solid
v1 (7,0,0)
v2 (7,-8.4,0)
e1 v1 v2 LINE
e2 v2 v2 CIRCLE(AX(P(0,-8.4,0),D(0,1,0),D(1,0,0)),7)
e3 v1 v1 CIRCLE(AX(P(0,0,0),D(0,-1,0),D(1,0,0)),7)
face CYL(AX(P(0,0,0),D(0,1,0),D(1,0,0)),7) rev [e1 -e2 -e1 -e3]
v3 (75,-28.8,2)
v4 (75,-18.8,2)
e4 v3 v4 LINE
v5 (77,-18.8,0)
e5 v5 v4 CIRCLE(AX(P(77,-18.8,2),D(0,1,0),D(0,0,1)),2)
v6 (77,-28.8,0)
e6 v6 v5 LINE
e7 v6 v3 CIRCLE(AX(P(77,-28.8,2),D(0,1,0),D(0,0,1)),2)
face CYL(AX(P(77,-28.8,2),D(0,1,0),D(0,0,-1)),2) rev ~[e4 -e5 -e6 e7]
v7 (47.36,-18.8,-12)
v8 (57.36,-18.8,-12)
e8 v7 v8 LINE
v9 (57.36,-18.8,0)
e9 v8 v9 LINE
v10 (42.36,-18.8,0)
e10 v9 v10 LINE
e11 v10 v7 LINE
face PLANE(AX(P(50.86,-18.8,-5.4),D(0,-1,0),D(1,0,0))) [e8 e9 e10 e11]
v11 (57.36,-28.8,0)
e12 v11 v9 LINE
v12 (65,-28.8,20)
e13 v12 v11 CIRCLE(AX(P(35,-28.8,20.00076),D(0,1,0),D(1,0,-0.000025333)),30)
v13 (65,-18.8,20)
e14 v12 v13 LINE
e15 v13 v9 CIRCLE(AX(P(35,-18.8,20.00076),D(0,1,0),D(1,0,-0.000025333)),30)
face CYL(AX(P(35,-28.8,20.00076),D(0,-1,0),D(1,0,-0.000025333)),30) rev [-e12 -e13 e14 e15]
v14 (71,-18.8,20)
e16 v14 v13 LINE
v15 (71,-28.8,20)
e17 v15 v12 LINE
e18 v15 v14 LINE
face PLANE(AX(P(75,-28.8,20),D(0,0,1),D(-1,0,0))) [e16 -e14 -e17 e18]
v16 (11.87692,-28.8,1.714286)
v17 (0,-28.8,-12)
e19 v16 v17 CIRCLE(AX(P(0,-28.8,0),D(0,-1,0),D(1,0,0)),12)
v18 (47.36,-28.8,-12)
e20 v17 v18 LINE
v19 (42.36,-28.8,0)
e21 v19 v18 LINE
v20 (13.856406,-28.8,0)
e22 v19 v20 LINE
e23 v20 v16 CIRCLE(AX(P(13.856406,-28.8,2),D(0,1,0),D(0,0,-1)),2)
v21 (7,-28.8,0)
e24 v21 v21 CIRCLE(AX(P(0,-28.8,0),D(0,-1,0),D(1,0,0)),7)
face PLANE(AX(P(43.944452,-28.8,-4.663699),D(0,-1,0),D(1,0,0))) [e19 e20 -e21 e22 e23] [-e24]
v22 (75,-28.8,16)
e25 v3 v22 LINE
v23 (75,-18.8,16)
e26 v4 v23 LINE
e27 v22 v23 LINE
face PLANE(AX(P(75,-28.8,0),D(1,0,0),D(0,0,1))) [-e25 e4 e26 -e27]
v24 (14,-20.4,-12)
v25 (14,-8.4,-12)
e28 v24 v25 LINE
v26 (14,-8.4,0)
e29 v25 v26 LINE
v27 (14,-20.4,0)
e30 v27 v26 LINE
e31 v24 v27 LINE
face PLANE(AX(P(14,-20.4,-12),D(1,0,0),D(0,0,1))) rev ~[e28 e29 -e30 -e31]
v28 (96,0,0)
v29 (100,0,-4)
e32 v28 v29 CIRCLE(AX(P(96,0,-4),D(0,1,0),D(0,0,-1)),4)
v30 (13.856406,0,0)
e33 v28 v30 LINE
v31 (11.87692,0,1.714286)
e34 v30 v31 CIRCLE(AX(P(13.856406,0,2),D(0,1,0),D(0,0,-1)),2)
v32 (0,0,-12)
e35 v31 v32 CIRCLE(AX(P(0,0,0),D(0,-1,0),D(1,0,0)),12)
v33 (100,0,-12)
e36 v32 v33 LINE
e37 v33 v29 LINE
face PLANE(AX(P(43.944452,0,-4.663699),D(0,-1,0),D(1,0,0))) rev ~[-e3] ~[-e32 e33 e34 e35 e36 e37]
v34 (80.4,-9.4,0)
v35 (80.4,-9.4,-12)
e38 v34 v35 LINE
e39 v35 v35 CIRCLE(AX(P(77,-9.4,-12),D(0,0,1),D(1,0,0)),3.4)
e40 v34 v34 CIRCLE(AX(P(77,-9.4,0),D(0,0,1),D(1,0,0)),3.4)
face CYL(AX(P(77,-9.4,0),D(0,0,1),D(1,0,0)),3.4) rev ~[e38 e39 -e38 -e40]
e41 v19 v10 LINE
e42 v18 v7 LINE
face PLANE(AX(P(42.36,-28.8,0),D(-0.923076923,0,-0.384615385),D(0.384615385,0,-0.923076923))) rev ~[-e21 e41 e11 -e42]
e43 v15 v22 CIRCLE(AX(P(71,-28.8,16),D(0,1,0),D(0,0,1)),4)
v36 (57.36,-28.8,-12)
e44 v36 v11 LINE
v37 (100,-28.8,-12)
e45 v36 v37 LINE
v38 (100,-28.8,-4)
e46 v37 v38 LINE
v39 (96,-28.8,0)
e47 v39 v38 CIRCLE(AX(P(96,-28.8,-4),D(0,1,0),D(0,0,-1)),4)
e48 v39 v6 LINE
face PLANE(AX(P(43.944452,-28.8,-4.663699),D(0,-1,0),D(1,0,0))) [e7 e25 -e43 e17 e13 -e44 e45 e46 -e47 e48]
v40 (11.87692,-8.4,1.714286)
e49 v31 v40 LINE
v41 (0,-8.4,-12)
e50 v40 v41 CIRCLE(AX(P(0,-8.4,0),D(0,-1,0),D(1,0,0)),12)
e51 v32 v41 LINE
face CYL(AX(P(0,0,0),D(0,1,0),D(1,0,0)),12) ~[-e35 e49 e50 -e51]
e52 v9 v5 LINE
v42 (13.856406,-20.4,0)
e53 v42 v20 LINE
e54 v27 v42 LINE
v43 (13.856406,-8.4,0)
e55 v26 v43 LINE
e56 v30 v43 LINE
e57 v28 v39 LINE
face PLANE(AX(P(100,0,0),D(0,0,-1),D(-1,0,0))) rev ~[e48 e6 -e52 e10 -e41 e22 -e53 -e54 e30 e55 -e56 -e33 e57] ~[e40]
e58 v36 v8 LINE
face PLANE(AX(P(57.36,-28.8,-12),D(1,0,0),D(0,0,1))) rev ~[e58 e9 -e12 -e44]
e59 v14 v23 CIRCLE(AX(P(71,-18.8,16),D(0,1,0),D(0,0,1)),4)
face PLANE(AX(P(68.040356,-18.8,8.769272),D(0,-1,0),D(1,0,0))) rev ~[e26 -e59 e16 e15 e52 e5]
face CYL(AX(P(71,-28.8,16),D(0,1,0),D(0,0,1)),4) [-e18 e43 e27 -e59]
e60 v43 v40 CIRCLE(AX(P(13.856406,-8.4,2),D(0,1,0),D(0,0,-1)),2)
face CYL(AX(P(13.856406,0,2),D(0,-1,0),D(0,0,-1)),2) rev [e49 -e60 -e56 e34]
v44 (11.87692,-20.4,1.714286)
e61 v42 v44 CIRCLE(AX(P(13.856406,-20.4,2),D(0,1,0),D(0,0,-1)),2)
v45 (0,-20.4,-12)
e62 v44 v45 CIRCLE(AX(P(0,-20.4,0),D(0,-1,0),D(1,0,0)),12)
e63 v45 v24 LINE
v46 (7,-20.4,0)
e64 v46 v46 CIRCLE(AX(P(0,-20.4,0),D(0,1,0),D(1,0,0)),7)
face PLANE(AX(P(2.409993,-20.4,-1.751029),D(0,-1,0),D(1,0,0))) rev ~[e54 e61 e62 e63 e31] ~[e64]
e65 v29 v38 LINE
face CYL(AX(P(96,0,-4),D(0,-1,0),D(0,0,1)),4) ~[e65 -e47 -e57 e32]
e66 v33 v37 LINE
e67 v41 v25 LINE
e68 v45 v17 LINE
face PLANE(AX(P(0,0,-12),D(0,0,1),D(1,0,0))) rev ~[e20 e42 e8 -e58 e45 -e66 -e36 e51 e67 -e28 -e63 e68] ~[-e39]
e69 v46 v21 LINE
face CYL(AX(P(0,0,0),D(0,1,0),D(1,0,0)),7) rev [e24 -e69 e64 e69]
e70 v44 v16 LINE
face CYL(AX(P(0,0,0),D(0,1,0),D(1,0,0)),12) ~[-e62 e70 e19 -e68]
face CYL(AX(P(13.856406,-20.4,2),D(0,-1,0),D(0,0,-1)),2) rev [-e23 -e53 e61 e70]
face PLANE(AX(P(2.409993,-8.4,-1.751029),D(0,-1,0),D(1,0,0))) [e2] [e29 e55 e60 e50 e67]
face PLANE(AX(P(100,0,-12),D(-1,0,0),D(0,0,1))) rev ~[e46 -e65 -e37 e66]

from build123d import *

# Parameters (mm, degrees)
F0_R      = 7
F1_DEPTH  = 28.8
F4_DEPTH  = 12
F6_DEPTH  = 10
F8_DEPTH  = 10
F9_R      = 3.4
F10_DEPTH = 12
F11_R     = 2
F12_R     = 4


with BuildPart() as f1:
    # F0 (on Front) → F1 (new body)
    with BuildSketch(Plane.XZ):
        with BuildLine():
            Line((100, 0), (12, 0))
            ThreePointArc((12, 0), (-8.4852813742, 8.4852813742), (0, -12))
            Line((0, -12), (100, -12))
            Line((100, -12), (100, 0))
        make_face()
        Circle(F0_R, mode=Mode.SUBTRACT)
    extrude(amount=F1_DEPTH)

    # F3 (on offset) → F4 (cut)
    with BuildSketch(Plane.XZ.offset(20.4)):
        with BuildLine():
            Line((14, -12), (14, 0))
            Line((14, 0), (12, 0))
            ThreePointArc((12, 0), (-8.4852813742, 8.4852813742), (0, -12))
            Line((0, -12), (14, -12))
        make_face()
    extrude(amount=-F4_DEPTH, mode=Mode.SUBTRACT)

    # F5 (on face) → F6 (join)
    with BuildSketch(Plane.XZ.offset(28.8)):
        with BuildLine():
            Line((57.36, 0), (65, 0))
            Line((65, 0), (75, 0))
            Line((75, 0), (75, 20))
            Line((75, 20), (65, 20))
            ThreePointArc((65, 20), (63.0248532563, 9.2952660561), (57.36, 0))
        make_face()
    extrude(amount=-F6_DEPTH)

    # F7 (on face) → F8 (cut, through all)
    with BuildSketch(Plane.XZ.offset(28.8)):
        Polygon((57.36, -12), (57.36, 0), (42.36, 0), (47.36, -12), align=None)
    extrude(amount=-F8_DEPTH, mode=Mode.SUBTRACT)

    # F9 (on face) → F10 (cut, through all)
    with BuildSketch(Plane.XY):
        with Locations((77, -9.4)):
            Circle(F9_R)
    extrude(amount=-F10_DEPTH, mode=Mode.SUBTRACT)

    # F11
    f11_edges = [f1.edges().sort_by_distance(p)[0] for p in [
        (75, -23.8, 0),
        (12, -24.6, 0),
        (12, -4.2, 0),
    ]]
    fillet(f11_edges, radius=F11_R)

    # F12
    f12_edges = [f1.edges().sort_by_distance(p)[0] for p in [
        (75, -23.8, 20),
        (100, -14.4, 0),
    ]]
    fillet(f12_edges, radius=F12_R)


solid = f1.part
